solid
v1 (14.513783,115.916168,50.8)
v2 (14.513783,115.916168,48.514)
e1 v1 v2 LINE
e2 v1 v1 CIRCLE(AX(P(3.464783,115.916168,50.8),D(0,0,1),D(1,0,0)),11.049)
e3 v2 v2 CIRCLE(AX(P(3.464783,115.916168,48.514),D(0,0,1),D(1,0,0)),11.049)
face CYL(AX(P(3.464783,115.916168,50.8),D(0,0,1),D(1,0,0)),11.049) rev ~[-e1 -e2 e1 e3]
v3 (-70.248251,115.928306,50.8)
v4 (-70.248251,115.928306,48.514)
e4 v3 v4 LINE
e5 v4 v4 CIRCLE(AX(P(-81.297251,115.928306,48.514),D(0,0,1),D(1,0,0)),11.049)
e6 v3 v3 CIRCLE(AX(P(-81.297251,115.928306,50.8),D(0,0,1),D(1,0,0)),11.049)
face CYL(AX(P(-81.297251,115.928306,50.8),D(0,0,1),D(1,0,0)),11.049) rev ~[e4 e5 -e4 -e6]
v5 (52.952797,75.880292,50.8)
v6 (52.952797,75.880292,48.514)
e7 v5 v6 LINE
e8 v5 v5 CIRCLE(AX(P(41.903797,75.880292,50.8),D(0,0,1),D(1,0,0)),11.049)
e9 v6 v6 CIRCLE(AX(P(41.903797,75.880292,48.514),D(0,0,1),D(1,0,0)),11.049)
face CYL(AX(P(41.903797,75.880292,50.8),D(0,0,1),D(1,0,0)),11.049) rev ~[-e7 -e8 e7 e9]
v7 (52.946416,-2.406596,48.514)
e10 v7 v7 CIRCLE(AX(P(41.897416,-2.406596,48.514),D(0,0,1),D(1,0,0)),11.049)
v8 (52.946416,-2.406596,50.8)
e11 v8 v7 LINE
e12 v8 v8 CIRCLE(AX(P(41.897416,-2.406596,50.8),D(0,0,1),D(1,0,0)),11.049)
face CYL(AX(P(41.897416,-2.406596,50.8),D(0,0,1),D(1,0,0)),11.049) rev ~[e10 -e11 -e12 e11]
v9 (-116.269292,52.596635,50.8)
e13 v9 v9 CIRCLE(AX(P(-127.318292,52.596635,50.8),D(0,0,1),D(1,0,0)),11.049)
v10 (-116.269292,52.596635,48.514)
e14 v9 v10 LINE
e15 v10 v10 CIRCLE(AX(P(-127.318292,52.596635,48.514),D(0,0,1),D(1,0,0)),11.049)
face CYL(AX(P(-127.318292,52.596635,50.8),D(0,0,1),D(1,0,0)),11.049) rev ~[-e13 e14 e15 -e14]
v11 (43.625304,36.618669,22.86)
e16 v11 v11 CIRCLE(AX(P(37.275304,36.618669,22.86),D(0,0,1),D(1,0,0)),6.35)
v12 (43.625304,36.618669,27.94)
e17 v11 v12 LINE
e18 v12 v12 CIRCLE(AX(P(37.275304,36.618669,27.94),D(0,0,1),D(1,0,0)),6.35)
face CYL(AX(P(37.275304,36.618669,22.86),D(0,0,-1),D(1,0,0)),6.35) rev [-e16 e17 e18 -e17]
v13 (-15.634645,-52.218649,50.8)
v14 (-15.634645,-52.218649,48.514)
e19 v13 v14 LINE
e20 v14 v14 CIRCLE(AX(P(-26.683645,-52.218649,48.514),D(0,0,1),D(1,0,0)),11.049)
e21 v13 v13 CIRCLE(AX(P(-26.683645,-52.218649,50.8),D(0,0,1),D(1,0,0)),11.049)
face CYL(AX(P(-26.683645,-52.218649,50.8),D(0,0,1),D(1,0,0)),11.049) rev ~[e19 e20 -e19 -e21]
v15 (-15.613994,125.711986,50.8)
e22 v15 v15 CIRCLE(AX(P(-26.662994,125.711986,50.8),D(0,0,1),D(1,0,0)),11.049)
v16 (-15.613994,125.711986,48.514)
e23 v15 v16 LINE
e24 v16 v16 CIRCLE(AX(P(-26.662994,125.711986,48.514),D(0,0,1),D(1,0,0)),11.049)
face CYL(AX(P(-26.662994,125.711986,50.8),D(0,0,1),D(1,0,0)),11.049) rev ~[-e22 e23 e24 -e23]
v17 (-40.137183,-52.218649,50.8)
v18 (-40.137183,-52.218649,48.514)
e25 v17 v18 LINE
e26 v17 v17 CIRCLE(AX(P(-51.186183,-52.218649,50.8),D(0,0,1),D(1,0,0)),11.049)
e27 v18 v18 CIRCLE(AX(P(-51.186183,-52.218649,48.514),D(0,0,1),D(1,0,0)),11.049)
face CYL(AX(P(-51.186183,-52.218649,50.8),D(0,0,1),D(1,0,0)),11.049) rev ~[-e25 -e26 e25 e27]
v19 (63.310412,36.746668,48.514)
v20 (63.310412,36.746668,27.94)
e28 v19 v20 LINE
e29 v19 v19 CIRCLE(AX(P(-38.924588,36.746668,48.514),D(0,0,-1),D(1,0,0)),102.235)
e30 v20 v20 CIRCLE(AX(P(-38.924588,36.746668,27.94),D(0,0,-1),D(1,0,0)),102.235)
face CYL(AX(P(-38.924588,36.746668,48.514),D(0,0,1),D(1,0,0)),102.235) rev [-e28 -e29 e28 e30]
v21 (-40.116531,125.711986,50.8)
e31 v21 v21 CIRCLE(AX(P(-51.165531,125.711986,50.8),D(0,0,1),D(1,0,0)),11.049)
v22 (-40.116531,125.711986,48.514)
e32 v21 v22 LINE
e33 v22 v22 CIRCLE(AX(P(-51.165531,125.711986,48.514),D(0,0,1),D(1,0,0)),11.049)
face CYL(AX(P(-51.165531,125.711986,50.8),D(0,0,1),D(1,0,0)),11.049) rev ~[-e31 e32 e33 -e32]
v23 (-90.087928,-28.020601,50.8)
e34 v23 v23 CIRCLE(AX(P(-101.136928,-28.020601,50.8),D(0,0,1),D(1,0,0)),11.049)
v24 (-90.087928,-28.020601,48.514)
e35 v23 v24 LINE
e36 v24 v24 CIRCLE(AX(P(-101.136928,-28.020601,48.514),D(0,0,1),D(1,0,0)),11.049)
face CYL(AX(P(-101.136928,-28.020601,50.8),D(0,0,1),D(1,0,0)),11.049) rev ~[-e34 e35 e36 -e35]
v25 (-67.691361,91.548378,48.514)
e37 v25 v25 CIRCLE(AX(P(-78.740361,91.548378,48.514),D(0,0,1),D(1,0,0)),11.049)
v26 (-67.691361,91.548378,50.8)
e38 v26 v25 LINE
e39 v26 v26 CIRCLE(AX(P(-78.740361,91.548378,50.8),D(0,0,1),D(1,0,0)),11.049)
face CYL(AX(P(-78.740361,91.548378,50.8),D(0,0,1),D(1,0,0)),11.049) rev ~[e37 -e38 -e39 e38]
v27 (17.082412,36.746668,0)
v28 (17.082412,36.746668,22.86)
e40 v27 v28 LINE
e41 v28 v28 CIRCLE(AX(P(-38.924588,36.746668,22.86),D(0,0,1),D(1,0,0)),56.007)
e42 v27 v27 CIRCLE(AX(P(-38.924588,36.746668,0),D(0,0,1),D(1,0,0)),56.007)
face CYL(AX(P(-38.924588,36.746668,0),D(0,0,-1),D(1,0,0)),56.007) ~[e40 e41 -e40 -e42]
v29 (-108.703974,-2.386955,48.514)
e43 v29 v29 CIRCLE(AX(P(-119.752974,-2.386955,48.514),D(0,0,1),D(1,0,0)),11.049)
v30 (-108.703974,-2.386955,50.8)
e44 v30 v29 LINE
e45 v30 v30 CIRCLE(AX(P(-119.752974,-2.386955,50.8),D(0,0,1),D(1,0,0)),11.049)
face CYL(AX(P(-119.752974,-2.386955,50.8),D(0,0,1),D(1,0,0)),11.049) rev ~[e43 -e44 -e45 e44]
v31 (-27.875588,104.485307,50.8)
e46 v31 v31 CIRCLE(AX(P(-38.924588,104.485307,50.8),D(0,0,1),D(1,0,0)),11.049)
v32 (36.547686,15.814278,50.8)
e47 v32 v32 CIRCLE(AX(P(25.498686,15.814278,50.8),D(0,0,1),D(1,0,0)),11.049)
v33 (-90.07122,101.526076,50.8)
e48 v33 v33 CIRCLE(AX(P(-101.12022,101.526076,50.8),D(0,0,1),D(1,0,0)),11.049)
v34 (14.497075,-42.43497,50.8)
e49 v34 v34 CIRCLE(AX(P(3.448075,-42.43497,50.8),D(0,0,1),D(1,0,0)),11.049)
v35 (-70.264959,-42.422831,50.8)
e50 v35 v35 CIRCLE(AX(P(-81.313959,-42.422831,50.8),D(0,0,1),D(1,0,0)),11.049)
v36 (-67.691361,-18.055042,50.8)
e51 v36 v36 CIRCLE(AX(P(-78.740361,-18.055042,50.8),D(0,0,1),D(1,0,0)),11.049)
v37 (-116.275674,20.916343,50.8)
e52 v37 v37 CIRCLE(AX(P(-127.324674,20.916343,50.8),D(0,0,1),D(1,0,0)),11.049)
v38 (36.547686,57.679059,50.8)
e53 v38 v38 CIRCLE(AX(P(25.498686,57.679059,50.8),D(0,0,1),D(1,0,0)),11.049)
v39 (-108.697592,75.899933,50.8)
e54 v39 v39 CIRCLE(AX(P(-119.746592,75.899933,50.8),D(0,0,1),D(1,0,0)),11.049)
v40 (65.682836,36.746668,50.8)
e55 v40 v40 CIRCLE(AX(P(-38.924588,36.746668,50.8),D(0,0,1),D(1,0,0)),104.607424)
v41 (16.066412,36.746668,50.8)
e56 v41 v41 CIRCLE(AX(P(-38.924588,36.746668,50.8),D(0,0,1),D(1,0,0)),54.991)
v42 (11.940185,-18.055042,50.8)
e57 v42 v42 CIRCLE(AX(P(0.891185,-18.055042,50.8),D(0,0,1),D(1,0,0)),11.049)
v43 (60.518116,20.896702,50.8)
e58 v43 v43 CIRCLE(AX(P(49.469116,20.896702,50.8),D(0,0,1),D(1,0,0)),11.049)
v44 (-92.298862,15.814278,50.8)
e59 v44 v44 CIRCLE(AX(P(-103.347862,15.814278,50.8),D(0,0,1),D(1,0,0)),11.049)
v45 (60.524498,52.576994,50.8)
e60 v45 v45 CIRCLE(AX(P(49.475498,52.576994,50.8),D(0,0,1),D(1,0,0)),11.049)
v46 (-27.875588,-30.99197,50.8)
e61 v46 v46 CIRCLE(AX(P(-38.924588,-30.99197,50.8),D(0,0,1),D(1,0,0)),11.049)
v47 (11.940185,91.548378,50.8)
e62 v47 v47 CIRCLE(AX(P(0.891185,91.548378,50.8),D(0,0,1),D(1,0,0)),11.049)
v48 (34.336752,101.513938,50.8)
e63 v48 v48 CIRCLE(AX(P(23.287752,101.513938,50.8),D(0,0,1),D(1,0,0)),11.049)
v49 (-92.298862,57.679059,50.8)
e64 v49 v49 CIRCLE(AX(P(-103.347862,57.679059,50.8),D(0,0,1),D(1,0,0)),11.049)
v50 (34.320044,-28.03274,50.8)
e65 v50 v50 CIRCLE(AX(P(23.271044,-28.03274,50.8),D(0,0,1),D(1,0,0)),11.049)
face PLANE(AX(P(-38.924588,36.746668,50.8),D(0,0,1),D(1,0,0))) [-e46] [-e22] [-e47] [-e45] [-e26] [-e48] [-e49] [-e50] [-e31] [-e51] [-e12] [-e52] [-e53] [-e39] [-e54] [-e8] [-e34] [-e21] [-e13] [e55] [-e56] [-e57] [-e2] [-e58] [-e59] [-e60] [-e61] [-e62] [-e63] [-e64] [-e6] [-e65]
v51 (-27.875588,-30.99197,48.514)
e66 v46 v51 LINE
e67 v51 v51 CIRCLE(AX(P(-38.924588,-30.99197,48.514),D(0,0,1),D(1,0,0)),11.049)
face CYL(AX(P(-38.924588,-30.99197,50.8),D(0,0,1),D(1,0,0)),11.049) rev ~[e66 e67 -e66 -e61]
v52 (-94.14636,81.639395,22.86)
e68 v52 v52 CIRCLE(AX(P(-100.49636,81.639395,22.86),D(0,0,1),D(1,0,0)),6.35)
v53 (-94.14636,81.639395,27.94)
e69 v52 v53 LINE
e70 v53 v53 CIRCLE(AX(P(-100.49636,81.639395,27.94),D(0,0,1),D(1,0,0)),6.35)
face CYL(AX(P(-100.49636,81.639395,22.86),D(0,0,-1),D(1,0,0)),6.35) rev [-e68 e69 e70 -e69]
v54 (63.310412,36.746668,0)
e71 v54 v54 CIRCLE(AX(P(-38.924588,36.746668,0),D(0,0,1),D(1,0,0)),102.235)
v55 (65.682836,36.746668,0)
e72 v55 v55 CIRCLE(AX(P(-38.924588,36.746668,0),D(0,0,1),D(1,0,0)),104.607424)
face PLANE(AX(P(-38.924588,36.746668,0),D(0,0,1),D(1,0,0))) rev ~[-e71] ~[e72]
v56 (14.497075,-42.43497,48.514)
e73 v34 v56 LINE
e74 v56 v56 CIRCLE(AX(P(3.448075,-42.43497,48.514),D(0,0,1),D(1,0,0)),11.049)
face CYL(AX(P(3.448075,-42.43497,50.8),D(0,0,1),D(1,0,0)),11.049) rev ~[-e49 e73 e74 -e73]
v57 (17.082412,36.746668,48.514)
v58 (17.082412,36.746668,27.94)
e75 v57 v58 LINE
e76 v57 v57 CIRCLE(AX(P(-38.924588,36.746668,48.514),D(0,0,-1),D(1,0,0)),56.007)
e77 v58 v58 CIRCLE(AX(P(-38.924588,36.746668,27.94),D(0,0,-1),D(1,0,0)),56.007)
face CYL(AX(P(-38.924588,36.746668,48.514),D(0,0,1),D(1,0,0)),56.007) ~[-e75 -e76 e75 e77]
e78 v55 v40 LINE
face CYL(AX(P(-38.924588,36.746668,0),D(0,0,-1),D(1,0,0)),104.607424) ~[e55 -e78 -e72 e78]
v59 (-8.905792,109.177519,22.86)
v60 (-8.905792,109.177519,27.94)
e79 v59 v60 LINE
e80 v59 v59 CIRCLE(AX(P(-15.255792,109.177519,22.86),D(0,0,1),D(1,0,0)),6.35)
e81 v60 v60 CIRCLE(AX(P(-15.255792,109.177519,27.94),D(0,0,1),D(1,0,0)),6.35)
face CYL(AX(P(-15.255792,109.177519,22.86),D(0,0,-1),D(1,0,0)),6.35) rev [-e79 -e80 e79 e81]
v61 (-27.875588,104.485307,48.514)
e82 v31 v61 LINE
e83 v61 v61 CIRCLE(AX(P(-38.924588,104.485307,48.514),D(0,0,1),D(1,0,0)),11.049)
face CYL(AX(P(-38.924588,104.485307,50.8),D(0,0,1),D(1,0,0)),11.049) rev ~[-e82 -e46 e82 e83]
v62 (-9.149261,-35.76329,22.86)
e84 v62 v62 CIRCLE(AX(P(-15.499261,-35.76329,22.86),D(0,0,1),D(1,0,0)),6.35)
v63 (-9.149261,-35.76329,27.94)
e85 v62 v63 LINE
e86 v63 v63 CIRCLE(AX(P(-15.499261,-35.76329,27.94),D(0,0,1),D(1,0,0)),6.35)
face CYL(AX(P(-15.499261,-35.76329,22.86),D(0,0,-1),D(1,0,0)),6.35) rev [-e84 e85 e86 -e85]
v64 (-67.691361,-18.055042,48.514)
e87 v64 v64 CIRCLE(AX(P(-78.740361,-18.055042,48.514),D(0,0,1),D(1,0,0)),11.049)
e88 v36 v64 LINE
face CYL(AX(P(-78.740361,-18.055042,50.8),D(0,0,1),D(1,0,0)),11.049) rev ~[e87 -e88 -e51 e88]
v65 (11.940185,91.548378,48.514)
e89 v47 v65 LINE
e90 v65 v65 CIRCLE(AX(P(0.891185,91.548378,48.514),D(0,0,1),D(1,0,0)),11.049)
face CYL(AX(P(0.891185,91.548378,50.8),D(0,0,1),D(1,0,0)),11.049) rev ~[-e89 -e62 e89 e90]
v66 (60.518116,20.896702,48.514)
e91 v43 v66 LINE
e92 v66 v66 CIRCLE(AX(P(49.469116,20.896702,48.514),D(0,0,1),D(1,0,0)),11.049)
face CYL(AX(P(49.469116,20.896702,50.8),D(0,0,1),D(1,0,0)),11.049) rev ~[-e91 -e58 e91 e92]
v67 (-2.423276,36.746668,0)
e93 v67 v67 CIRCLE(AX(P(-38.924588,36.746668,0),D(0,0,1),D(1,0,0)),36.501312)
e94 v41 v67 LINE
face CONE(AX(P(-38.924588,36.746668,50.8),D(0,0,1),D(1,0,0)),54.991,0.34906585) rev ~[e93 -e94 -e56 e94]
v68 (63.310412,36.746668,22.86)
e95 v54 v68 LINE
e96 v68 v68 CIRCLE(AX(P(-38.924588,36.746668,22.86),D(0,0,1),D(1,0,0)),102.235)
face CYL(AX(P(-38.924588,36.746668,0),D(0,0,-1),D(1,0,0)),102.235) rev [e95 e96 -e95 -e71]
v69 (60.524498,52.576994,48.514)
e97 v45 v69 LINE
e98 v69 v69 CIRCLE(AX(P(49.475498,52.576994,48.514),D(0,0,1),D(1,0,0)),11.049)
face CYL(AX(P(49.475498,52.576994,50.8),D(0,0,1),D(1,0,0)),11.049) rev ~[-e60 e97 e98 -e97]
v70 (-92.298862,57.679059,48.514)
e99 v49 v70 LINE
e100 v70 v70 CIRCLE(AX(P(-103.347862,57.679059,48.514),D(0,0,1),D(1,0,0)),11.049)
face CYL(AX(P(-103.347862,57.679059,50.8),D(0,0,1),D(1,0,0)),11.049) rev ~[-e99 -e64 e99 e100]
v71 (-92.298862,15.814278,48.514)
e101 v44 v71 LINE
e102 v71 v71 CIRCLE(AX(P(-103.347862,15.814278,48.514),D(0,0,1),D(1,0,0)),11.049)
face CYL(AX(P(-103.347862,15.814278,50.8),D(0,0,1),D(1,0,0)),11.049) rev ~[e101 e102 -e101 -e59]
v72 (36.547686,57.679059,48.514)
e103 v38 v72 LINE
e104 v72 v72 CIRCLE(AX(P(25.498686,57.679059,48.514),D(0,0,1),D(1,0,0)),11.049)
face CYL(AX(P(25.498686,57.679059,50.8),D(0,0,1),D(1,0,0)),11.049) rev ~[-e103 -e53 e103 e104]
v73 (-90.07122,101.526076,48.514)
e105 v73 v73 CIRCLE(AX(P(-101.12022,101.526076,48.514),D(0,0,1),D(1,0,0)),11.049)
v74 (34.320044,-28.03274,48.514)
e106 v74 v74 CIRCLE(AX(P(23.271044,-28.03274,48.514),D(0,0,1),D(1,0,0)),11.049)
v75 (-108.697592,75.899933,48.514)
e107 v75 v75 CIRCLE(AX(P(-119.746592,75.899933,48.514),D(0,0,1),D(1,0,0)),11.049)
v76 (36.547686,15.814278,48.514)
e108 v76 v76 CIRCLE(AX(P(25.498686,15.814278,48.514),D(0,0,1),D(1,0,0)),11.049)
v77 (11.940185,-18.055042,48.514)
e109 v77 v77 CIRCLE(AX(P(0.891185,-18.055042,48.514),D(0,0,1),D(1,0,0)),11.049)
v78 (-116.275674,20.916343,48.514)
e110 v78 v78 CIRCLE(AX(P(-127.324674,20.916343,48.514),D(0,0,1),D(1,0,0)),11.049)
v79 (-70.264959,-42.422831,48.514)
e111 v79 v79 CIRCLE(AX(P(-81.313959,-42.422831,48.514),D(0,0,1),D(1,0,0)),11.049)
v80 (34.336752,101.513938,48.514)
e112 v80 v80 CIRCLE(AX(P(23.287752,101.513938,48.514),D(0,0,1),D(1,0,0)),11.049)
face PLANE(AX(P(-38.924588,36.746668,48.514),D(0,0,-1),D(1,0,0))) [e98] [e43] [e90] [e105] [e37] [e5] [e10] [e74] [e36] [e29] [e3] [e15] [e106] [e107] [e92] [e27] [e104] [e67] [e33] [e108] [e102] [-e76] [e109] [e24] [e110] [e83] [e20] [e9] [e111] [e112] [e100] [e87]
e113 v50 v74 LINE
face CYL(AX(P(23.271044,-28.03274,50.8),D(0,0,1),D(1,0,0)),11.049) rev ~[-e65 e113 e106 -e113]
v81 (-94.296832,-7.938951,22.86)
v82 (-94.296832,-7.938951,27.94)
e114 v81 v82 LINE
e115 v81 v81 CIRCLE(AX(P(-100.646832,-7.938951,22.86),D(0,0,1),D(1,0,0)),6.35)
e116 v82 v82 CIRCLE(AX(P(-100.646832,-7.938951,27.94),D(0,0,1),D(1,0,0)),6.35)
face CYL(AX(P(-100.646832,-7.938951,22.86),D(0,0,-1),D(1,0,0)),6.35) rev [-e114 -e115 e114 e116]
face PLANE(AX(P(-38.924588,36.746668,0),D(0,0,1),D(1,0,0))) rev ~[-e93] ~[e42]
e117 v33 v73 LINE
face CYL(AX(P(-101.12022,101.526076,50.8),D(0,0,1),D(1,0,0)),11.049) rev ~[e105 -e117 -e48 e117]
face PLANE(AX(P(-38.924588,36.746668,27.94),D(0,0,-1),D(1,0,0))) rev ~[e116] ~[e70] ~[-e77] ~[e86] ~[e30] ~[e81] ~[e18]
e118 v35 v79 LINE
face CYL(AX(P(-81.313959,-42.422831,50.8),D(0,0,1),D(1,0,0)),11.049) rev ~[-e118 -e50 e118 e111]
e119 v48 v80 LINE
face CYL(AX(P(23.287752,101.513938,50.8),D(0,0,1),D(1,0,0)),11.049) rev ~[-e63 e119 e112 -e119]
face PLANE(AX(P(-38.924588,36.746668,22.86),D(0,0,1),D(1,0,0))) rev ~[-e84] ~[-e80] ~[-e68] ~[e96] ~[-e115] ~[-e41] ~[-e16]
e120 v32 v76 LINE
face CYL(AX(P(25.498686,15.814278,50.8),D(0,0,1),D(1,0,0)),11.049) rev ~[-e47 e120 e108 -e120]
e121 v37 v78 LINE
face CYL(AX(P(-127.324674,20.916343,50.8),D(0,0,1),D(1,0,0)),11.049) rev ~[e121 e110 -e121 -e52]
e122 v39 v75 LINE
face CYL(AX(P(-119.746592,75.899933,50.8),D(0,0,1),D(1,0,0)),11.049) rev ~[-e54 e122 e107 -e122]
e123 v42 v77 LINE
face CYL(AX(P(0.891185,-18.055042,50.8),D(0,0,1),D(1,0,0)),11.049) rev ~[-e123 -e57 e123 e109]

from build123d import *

# Parameters (mm, degrees)
SKETCH1_R               = 104.60742403
BOSS_EXTRUDE6_DEPTH     = 50.8
SKETCH4_R               = 54.991
CUT_EXTRUDE2_DEPTH      = 109.982
CUT_EXTRUDE2_DRAFT      = -20
SKETCH6_R               = 11.049
CUT_EXTRUDE4_DEPTH      = 22.86
CUT_EXTRUDE5_DEPTH      = 8.89
CUT_EXTRUDE5_DEPTH_BACK = 13.97
SKETCH8_R               = 102.235
SKETCH8_R_2             = 56.007
CUT_EXTRUDE6_DEPTH      = 8.89
CUT_EXTRUDE6_DEPTH_BACK = 11.684
SKETCH9_R               = 102.235
SKETCH9_R_2             = 56.007
CUT_EXTRUDE7_DEPTH      = 2.54
CUT_EXTRUDE7_DEPTH_BACK = 2.54
SKETCH10_R              = 6.35


with BuildPart() as part:
    # Sketch1 → Boss-Extrude6 (new body)
    with BuildSketch(Plane.XY):
        with Locations((-38.924588073, 36.746668339)):
            Circle(SKETCH1_R)
    extrude(amount=BOSS_EXTRUDE6_DEPTH)


with BuildPart() as cut_extrude2_tool:
    # Sketch4 → Cut-Extrude2 (with draft: the straight prism first)
    with BuildSketch(Plane.XY.offset(50.8)):
        with Locations((-38.924588073, 36.746668339)):
            Circle(SKETCH4_R)
    extrude(amount=-CUT_EXTRUDE2_DEPTH)
    # Cut-Extrude2: the draft: its side faces are tilted about the plane it starts from
    cut_extrude2_sides = [cut_extrude2_tool.faces().sort_by_distance(p)[0] for p in [
        (-93.915588073, 36.746668339, -4.191),
    ]]
    draft(cut_extrude2_sides, Plane.XY.offset(50.8), CUT_EXTRUDE2_DRAFT)


with BuildPart() as part_1:
    add(part.part)

    # Cut-Extrude2: cut by cut_extrude2_tool
    add(cut_extrude2_tool.part, mode=Mode.SUBTRACT)

    # Sketch6 → Cut-Extrude4 (cut)
    with BuildSketch(Plane.XY.offset(50.8)):
        with Locations((23.28775176, 101.513937691)):
            Circle(SKETCH6_R)
        with Locations((-26.662993645, 125.711985788)):
            Circle(SKETCH6_R)
        with Locations((-38.924588073, 104.485307018)):
            Circle(SKETCH6_R)
        with Locations((-51.165531001, 125.711985788)):
            Circle(SKETCH6_R)
        with Locations((0.891184754, 91.548378206)):
            Circle(SKETCH6_R)
        with Locations((3.464782634, 115.916167792)):
            Circle(SKETCH6_R)
        with Locations((49.475497868, 52.57699406)):
            Circle(SKETCH6_R)
        with Locations((25.498685648, 57.679058867)):
            Circle(SKETCH6_R)
        with Locations((41.90379742, 75.880291878)):
            Circle(SKETCH6_R)
        with Locations((41.897415755, -2.406595944)):
            Circle(SKETCH6_R)
        with Locations((25.498685648, 15.814277811)):
            Circle(SKETCH6_R)
        with Locations((49.469116204, 20.896701874)):
            Circle(SKETCH6_R)
        with Locations((3.448075219, -42.434969762)):
            Circle(SKETCH6_R)
        with Locations((0.891184754, -18.055041529)):
            Circle(SKETCH6_R)
        with Locations((23.271044345, -28.03273966)):
            Circle(SKETCH6_R)
        with Locations((-51.186182501, -52.218649111)):
            Circle(SKETCH6_R)
        with Locations((-38.924588073, -30.991970341)):
            Circle(SKETCH6_R)
        with Locations((-26.683645145, -52.218649111)):
            Circle(SKETCH6_R)
        with Locations((-101.136927905, -28.020601013)):
            Circle(SKETCH6_R)
        with Locations((-78.740360899, -18.055041529)):
            Circle(SKETCH6_R)
        with Locations((-81.313958779, -42.422831115)):
            Circle(SKETCH6_R)
        with Locations((-127.324674013, 20.916342618)):
            Circle(SKETCH6_R)
        with Locations((-103.347861794, 15.814277811)):
            Circle(SKETCH6_R)
        with Locations((-119.752973565, -2.3869552)):
            Circle(SKETCH6_R)
        with Locations((-119.746591901, 75.899932621)):
            Circle(SKETCH6_R)
        with Locations((-103.347861794, 57.679058867)):
            Circle(SKETCH6_R)
        with Locations((-127.318292349, 52.596634803)):
            Circle(SKETCH6_R)
        with Locations((-81.297251365, 115.928306439)):
            Circle(SKETCH6_R)
        with Locations((-78.740360899, 91.548378206)):
            Circle(SKETCH6_R)
        with Locations((-101.120220491, 101.526076338)):
            Circle(SKETCH6_R)
    extrude(amount=-CUT_EXTRUDE4_DEPTH, mode=Mode.SUBTRACT)

    # Sketch8 → Cut-Extrude5 (cut, two sides: drawn at the far end of the back side and taken through both)
    with BuildSketch(Plane.XY.offset(13.97).offset(-CUT_EXTRUDE5_DEPTH_BACK)):
        with Locations((-38.924588073, 36.746668339)):
            Circle(SKETCH8_R)
        with Locations((-38.924588073, 36.746668339)):
            Circle(SKETCH8_R_2, mode=Mode.SUBTRACT)
    extrude(amount=CUT_EXTRUDE5_DEPTH + CUT_EXTRUDE5_DEPTH_BACK, mode=Mode.SUBTRACT)

    # Sketch9 → Cut-Extrude6 (cut, two sides: drawn at the far end of the back side and taken through both)
    with BuildSketch(Plane(origin=(0, 0, 36.83), x_dir=(-1, 0, 0), z_dir=(0, 0, -1)).offset(-CUT_EXTRUDE6_DEPTH_BACK)):
        with Locations(Location((38.924588073, 36.746668339, 0), (0, 0, 180))):
            Circle(SKETCH9_R)
        with Locations(Location((38.924588073, 36.746668339, 0), (0, 0, 180))):
            Circle(SKETCH9_R_2, mode=Mode.SUBTRACT)
    extrude(amount=CUT_EXTRUDE6_DEPTH + CUT_EXTRUDE6_DEPTH_BACK, mode=Mode.SUBTRACT)

    # Sketch10 → Cut-Extrude7 (cut, two sides: drawn at the far end of the back side and taken through both)
    with BuildSketch(Plane.XY.offset(25.4).offset(-CUT_EXTRUDE7_DEPTH_BACK)):
        with Locations((37.275304422, 36.618668929)):
            Circle(SKETCH10_R)
        with Locations((-15.499260995, -35.763289952)):
            Circle(SKETCH10_R)
        with Locations((-100.646832236, -7.938950998)):
            Circle(SKETCH10_R)
        with Locations((-15.25579165, 109.177518644)):
            Circle(SKETCH10_R)
        with Locations((-100.496359905, 81.639395071)):
            Circle(SKETCH10_R)
    extrude(amount=CUT_EXTRUDE7_DEPTH + CUT_EXTRUDE7_DEPTH_BACK, mode=Mode.SUBTRACT)


solid = part_1.part
